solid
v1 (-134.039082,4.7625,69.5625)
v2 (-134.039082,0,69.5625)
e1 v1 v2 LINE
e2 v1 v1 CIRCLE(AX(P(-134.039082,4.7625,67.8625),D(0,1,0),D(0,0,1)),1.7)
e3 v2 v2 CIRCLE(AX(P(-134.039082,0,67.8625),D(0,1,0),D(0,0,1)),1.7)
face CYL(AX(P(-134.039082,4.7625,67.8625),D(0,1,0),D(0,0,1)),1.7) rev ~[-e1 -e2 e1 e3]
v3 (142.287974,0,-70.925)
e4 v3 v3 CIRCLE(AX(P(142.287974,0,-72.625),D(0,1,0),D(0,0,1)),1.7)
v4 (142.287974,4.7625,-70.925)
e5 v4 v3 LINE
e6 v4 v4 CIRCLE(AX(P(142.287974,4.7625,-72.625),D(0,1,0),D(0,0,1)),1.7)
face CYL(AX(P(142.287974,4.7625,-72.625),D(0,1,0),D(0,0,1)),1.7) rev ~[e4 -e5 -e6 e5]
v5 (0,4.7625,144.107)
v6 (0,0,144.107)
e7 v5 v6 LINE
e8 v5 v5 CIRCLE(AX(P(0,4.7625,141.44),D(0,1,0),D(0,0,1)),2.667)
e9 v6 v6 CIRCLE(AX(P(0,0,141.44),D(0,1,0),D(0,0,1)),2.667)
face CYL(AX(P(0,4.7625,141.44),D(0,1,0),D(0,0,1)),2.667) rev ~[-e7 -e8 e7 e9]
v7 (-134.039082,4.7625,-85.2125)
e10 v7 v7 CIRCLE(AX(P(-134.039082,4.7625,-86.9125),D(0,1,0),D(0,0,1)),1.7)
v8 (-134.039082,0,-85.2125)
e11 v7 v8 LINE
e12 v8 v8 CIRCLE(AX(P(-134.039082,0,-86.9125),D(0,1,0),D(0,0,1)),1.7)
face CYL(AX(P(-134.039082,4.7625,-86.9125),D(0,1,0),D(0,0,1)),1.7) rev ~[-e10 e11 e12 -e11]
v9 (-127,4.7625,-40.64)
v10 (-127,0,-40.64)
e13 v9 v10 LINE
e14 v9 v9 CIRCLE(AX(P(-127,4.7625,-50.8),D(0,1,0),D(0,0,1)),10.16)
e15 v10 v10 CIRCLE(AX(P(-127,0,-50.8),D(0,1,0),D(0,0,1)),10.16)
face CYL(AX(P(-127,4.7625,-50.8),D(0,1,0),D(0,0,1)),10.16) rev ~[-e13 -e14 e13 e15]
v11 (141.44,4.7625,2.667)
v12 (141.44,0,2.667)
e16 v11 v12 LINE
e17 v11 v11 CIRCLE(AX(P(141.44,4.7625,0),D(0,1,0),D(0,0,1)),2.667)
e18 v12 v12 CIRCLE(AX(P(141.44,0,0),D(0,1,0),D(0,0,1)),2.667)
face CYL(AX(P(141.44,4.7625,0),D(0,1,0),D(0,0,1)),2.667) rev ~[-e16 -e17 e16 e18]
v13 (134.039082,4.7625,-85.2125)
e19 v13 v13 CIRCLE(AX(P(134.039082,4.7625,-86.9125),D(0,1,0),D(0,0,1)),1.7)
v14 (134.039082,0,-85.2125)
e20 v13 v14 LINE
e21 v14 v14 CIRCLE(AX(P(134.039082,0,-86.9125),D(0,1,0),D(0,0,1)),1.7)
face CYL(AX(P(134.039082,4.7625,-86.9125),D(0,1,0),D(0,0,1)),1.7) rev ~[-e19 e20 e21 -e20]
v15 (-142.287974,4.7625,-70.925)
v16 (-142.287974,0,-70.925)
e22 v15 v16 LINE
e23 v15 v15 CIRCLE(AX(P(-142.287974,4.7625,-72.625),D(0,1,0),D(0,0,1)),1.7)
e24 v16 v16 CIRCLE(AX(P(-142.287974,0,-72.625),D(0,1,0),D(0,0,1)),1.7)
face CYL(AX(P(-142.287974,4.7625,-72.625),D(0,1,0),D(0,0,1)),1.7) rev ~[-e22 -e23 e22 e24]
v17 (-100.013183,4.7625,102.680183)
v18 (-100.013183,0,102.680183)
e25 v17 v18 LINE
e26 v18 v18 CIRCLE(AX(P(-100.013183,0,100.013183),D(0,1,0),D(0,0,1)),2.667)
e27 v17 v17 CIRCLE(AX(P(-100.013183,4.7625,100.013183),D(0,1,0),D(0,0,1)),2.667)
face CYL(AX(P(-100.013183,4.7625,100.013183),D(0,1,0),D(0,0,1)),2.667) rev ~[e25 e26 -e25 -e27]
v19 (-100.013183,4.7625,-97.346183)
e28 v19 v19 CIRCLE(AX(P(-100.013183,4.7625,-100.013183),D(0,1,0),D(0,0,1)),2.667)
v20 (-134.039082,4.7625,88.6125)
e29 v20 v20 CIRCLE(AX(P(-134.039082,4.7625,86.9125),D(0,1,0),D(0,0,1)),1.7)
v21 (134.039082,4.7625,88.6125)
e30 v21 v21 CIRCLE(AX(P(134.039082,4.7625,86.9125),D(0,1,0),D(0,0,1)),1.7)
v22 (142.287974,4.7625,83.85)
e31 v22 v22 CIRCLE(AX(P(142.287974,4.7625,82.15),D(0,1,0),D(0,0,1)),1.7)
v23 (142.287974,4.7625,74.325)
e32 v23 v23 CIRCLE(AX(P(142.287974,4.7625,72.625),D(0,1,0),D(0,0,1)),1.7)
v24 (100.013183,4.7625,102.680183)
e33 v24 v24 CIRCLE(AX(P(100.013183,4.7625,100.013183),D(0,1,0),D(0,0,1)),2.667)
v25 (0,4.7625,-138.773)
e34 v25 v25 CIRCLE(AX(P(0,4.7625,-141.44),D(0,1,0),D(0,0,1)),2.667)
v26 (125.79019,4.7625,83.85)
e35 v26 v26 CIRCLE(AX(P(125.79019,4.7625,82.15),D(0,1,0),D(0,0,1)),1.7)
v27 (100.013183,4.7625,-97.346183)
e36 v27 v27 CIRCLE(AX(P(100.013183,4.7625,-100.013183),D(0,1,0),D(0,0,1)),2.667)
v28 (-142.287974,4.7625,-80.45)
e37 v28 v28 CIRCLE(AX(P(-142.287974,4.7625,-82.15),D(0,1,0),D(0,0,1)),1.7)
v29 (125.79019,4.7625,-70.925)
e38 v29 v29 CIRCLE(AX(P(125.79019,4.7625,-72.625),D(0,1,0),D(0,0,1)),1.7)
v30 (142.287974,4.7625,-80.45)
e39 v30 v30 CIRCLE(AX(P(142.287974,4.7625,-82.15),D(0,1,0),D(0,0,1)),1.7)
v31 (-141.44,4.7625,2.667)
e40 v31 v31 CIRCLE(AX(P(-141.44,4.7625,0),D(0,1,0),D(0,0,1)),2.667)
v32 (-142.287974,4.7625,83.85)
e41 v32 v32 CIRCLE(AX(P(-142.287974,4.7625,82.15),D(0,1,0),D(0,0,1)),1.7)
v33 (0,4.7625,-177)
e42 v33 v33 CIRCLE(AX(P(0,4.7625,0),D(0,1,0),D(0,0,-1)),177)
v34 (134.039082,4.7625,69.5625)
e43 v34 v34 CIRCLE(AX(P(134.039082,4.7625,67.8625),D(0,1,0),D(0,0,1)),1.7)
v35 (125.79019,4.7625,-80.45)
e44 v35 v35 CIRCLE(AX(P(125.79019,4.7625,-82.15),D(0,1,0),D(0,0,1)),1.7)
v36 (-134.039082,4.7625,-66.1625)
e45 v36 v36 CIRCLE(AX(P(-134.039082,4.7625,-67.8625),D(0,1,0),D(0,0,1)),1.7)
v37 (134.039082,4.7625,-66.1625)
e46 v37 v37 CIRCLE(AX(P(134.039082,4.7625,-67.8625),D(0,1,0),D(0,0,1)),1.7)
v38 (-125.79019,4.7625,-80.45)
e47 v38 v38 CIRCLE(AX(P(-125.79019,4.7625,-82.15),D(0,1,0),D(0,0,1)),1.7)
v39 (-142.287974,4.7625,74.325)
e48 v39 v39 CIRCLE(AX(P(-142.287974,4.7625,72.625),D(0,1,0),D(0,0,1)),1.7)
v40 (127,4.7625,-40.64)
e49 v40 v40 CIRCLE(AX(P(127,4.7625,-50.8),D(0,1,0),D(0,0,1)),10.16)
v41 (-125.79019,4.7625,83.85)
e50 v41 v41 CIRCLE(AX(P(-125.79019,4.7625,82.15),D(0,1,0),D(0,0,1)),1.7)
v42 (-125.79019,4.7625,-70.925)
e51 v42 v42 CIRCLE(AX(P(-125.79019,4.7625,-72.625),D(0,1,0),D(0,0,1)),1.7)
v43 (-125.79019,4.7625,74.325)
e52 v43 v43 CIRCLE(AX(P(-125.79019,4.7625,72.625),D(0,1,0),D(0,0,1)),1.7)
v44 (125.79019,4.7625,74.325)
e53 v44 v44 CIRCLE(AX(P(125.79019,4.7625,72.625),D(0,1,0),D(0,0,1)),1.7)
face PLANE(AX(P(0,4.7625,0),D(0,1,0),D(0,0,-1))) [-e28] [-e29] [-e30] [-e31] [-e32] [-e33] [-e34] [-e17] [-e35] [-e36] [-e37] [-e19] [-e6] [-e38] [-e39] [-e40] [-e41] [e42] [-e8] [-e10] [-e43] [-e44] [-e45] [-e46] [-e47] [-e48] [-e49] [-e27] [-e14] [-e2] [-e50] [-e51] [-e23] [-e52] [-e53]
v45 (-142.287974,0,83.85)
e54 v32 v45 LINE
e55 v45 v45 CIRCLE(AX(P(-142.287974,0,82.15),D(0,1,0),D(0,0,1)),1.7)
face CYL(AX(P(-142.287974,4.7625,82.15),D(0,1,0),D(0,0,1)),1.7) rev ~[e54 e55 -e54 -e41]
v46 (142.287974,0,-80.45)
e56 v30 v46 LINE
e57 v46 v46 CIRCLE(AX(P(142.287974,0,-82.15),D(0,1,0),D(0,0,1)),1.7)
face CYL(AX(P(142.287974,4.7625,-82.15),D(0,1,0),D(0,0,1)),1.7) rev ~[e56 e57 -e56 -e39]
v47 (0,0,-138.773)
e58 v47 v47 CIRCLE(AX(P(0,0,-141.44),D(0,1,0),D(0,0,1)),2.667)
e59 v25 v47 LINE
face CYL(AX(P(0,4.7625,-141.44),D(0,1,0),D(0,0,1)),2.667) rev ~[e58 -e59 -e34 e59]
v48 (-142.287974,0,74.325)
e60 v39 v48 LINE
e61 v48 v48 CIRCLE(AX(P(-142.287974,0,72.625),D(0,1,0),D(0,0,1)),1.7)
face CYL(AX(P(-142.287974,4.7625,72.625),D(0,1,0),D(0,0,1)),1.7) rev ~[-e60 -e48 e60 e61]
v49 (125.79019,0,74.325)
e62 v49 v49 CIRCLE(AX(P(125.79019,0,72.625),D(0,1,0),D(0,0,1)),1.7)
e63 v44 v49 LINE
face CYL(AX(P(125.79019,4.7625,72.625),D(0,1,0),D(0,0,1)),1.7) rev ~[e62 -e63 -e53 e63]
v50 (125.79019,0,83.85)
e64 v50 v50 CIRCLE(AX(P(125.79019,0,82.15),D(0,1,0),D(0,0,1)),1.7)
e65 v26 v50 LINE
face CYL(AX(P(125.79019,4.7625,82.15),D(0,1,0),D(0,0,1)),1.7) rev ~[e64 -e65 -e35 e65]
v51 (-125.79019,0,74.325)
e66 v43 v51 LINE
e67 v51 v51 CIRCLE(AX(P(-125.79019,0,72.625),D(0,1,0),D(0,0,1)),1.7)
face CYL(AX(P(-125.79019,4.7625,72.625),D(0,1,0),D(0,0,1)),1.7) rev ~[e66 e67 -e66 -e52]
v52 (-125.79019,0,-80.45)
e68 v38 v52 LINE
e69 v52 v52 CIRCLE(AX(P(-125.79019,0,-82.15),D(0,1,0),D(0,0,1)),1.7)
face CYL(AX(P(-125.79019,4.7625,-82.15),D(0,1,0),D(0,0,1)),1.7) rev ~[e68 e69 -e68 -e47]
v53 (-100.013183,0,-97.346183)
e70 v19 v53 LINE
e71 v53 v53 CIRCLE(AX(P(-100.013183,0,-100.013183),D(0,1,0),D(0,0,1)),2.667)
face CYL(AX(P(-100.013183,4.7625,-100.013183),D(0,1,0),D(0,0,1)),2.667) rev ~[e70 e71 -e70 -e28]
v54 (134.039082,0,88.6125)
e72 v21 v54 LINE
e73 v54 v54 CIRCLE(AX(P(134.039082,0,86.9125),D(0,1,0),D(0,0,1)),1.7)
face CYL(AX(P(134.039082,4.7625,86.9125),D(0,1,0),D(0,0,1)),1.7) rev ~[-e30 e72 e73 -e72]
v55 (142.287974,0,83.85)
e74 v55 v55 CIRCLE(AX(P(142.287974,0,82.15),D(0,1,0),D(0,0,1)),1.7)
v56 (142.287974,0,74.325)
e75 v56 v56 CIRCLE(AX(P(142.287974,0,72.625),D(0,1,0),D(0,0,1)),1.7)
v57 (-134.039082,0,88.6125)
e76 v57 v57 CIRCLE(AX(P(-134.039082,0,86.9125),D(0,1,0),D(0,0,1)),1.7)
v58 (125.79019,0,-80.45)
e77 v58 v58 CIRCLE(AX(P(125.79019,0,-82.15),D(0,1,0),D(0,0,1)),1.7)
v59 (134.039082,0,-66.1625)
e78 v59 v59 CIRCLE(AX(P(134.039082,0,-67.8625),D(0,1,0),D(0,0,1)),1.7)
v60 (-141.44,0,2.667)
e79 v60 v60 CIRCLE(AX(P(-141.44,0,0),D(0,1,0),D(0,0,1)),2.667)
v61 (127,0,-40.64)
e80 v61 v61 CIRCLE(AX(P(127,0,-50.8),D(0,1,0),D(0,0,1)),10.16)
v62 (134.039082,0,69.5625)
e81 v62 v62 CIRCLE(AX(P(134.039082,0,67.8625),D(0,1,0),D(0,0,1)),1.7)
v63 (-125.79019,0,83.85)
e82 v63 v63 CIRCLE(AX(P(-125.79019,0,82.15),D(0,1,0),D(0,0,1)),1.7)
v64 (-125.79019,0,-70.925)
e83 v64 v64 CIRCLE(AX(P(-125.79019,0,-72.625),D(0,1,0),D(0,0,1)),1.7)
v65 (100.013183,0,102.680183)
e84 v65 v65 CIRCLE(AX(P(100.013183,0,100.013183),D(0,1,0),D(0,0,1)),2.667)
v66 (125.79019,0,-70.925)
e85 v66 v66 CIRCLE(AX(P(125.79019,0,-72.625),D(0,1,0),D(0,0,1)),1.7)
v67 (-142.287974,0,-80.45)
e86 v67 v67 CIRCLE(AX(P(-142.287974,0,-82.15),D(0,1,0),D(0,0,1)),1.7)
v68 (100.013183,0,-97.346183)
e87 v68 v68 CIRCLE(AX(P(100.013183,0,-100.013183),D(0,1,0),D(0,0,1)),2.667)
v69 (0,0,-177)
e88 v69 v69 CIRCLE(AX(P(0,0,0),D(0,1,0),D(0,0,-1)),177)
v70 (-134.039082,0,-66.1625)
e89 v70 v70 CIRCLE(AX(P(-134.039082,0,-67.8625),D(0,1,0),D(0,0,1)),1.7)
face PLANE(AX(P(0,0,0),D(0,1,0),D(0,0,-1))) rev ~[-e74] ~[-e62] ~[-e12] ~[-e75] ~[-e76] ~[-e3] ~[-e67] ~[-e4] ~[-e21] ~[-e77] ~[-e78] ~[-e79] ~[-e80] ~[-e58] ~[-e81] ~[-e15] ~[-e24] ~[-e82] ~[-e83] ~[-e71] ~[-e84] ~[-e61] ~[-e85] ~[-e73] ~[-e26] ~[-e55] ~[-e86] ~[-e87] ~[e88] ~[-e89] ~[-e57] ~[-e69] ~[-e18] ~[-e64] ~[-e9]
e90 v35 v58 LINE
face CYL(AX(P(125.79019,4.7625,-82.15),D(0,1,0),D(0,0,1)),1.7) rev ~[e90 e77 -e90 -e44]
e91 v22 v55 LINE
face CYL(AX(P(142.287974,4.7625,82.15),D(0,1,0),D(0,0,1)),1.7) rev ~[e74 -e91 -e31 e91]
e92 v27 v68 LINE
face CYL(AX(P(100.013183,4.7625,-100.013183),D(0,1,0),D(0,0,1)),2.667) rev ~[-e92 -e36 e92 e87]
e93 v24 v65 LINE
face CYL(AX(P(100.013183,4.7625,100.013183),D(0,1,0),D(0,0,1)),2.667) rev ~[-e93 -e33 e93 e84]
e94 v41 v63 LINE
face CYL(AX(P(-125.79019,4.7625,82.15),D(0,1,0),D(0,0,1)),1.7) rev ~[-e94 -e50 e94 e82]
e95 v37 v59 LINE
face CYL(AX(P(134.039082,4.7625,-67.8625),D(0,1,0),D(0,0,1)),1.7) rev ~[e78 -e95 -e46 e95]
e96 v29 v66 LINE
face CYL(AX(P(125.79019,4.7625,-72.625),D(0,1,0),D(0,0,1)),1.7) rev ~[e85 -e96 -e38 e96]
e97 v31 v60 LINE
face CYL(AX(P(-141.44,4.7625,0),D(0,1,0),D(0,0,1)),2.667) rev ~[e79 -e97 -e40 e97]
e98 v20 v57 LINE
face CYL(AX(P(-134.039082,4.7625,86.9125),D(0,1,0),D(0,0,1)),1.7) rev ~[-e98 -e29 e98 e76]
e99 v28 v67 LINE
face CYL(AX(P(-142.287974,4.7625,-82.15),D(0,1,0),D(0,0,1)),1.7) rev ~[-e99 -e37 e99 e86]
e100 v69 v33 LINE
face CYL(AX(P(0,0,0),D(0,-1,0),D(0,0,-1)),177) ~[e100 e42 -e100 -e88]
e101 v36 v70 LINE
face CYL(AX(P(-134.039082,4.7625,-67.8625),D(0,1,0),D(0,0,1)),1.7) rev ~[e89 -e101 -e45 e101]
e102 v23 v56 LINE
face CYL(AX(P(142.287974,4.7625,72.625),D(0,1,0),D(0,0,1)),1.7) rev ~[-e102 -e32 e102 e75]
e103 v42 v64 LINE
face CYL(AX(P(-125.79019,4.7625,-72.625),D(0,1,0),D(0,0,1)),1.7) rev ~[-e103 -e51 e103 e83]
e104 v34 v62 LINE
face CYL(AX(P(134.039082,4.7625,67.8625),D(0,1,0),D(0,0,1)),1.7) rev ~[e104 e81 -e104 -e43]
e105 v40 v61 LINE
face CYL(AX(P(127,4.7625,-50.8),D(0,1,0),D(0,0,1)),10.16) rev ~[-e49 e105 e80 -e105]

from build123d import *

# Parameters (mm, degrees)
SKETCH1_R           = 177
BOSS_EXTRUDE1_DEPTH = 4.7625
SKETCH2_R           = 1.7
CUT_EXTRUDE1_DEPTH  = 251.361102023
SKETCH3_R           = 2.667
ZIP_TIES_DEPTH      = 251.361102023
SKETCH4_R           = 10.16
WIRES_2_DEPTH       = 251.361102023


with BuildPart() as part:
    # Sketch1 → Boss-Extrude1 (new body)
    with BuildSketch(Plane(origin=(0, 0, 0), x_dir=(1, 0, 0), z_dir=(0, 1, 0))):
        with Locations(Location((0, 0, 0), (0, 0, 90))):
            Circle(SKETCH1_R)
    extrude(amount=BOSS_EXTRUDE1_DEPTH)

    # Sketch2 → Cut-Extrude1 (cut, through all)
    with BuildSketch(Plane(origin=(0, 4.7625, 0), x_dir=(1, 0, 0), z_dir=(0, 1, 0))):
        with Locations(Location((142.287973842, -82.15, 0), (0, 0, 270))):
            Circle(SKETCH2_R)
        with Locations(Location((134.039081871, -86.9125, 0), (0, 0, 270))):
            Circle(SKETCH2_R)
        with Locations(Location((125.7901899, -82.15, 0), (0, 0, 270))):
            Circle(SKETCH2_R)
        with Locations(Location((125.7901899, -72.625, 0), (0, 0, 270))):
            Circle(SKETCH2_R)
        with Locations(Location((134.039081871, -67.8625, 0), (0, 0, 270))):
            Circle(SKETCH2_R)
        with Locations(Location((142.287973842, -72.625, 0), (0, 0, 270))):
            Circle(SKETCH2_R)
        with Locations(Location((-142.287973842, -72.625, 0), (0, 0, 270))):
            Circle(SKETCH2_R)
        with Locations(Location((-134.039081871, -67.8625, 0), (0, 0, 270))):
            Circle(SKETCH2_R)
        with Locations(Location((-125.7901899, -72.625, 0), (0, 0, 270))):
            Circle(SKETCH2_R)
        with Locations(Location((-125.7901899, -82.15, 0), (0, 0, 270))):
            Circle(SKETCH2_R)
        with Locations(Location((-134.039081871, -86.9125, 0), (0, 0, 270))):
            Circle(SKETCH2_R)
        with Locations(Location((-142.287973842, -82.15, 0), (0, 0, 270))):
            Circle(SKETCH2_R)
        with Locations(Location((-142.287973842, 82.15, 0), (0, 0, 270))):
            Circle(SKETCH2_R)
        with Locations(Location((-134.039081871, 86.9125, 0), (0, 0, 270))):
            Circle(SKETCH2_R)
        with Locations(Location((-125.7901899, 82.15, 0), (0, 0, 270))):
            Circle(SKETCH2_R)
        with Locations(Location((-125.7901899, 72.625, 0), (0, 0, 270))):
            Circle(SKETCH2_R)
        with Locations(Location((-134.039081871, 67.8625, 0), (0, 0, 270))):
            Circle(SKETCH2_R)
        with Locations(Location((-142.287973842, 72.625, 0), (0, 0, 270))):
            Circle(SKETCH2_R)
        with Locations(Location((142.287973842, 72.625, 0), (0, 0, 270))):
            Circle(SKETCH2_R)
        with Locations(Location((134.039081871, 67.8625, 0), (0, 0, 270))):
            Circle(SKETCH2_R)
        with Locations(Location((125.7901899, 72.625, 0), (0, 0, 270))):
            Circle(SKETCH2_R)
        with Locations(Location((125.7901899, 82.15, 0), (0, 0, 270))):
            Circle(SKETCH2_R)
        with Locations(Location((134.039081871, 86.9125, 0), (0, 0, 270))):
            Circle(SKETCH2_R)
        with Locations(Location((142.287973842, 82.15, 0), (0, 0, 270))):
            Circle(SKETCH2_R)
    extrude(amount=-CUT_EXTRUDE1_DEPTH, mode=Mode.SUBTRACT)

    # Sketch3 → Zip Ties (cut, through all)
    with BuildSketch(Plane(origin=(0, 4.7625, 0), x_dir=(1, 0, 0), z_dir=(0, 1, 0))):
        with Locations(Location((0, -141.44, 0), (0, 0, 270))):
            Circle(SKETCH3_R)
        with Locations(Location((-100.013183131, -100.013183131, 0), (0, 0, 270))):
            Circle(SKETCH3_R)
        with Locations(Location((-141.44, 0, 0), (0, 0, 270))):
            Circle(SKETCH3_R)
        with Locations(Location((-100.013183131, 100.013183131, 0), (0, 0, 270))):
            Circle(SKETCH3_R)
        with Locations(Location((0, 141.44, 0), (0, 0, 270))):
            Circle(SKETCH3_R)
        with Locations(Location((100.013183131, 100.013183131, 0), (0, 0, 270))):
            Circle(SKETCH3_R)
        with Locations(Location((141.44, 0, 0), (0, 0, 270))):
            Circle(SKETCH3_R)
        with Locations(Location((100.013183131, -100.013183131, 0), (0, 0, 270))):
            Circle(SKETCH3_R)
    extrude(amount=-ZIP_TIES_DEPTH, mode=Mode.SUBTRACT)

    # Sketch4 → Wires 2 (cut, through all)
    with BuildSketch(Plane(origin=(0, 4.7625, 0), x_dir=(1, 0, 0), z_dir=(0, 1, 0))):
        with Locations(Location((-127, 50.8, 0), (0, 0, 270))):
            Circle(SKETCH4_R)
        with Locations(Location((127, 50.8, 0), (0, 0, 270))):
            Circle(SKETCH4_R)
    extrude(amount=-WIRES_2_DEPTH, mode=Mode.SUBTRACT)


solid = part.part
